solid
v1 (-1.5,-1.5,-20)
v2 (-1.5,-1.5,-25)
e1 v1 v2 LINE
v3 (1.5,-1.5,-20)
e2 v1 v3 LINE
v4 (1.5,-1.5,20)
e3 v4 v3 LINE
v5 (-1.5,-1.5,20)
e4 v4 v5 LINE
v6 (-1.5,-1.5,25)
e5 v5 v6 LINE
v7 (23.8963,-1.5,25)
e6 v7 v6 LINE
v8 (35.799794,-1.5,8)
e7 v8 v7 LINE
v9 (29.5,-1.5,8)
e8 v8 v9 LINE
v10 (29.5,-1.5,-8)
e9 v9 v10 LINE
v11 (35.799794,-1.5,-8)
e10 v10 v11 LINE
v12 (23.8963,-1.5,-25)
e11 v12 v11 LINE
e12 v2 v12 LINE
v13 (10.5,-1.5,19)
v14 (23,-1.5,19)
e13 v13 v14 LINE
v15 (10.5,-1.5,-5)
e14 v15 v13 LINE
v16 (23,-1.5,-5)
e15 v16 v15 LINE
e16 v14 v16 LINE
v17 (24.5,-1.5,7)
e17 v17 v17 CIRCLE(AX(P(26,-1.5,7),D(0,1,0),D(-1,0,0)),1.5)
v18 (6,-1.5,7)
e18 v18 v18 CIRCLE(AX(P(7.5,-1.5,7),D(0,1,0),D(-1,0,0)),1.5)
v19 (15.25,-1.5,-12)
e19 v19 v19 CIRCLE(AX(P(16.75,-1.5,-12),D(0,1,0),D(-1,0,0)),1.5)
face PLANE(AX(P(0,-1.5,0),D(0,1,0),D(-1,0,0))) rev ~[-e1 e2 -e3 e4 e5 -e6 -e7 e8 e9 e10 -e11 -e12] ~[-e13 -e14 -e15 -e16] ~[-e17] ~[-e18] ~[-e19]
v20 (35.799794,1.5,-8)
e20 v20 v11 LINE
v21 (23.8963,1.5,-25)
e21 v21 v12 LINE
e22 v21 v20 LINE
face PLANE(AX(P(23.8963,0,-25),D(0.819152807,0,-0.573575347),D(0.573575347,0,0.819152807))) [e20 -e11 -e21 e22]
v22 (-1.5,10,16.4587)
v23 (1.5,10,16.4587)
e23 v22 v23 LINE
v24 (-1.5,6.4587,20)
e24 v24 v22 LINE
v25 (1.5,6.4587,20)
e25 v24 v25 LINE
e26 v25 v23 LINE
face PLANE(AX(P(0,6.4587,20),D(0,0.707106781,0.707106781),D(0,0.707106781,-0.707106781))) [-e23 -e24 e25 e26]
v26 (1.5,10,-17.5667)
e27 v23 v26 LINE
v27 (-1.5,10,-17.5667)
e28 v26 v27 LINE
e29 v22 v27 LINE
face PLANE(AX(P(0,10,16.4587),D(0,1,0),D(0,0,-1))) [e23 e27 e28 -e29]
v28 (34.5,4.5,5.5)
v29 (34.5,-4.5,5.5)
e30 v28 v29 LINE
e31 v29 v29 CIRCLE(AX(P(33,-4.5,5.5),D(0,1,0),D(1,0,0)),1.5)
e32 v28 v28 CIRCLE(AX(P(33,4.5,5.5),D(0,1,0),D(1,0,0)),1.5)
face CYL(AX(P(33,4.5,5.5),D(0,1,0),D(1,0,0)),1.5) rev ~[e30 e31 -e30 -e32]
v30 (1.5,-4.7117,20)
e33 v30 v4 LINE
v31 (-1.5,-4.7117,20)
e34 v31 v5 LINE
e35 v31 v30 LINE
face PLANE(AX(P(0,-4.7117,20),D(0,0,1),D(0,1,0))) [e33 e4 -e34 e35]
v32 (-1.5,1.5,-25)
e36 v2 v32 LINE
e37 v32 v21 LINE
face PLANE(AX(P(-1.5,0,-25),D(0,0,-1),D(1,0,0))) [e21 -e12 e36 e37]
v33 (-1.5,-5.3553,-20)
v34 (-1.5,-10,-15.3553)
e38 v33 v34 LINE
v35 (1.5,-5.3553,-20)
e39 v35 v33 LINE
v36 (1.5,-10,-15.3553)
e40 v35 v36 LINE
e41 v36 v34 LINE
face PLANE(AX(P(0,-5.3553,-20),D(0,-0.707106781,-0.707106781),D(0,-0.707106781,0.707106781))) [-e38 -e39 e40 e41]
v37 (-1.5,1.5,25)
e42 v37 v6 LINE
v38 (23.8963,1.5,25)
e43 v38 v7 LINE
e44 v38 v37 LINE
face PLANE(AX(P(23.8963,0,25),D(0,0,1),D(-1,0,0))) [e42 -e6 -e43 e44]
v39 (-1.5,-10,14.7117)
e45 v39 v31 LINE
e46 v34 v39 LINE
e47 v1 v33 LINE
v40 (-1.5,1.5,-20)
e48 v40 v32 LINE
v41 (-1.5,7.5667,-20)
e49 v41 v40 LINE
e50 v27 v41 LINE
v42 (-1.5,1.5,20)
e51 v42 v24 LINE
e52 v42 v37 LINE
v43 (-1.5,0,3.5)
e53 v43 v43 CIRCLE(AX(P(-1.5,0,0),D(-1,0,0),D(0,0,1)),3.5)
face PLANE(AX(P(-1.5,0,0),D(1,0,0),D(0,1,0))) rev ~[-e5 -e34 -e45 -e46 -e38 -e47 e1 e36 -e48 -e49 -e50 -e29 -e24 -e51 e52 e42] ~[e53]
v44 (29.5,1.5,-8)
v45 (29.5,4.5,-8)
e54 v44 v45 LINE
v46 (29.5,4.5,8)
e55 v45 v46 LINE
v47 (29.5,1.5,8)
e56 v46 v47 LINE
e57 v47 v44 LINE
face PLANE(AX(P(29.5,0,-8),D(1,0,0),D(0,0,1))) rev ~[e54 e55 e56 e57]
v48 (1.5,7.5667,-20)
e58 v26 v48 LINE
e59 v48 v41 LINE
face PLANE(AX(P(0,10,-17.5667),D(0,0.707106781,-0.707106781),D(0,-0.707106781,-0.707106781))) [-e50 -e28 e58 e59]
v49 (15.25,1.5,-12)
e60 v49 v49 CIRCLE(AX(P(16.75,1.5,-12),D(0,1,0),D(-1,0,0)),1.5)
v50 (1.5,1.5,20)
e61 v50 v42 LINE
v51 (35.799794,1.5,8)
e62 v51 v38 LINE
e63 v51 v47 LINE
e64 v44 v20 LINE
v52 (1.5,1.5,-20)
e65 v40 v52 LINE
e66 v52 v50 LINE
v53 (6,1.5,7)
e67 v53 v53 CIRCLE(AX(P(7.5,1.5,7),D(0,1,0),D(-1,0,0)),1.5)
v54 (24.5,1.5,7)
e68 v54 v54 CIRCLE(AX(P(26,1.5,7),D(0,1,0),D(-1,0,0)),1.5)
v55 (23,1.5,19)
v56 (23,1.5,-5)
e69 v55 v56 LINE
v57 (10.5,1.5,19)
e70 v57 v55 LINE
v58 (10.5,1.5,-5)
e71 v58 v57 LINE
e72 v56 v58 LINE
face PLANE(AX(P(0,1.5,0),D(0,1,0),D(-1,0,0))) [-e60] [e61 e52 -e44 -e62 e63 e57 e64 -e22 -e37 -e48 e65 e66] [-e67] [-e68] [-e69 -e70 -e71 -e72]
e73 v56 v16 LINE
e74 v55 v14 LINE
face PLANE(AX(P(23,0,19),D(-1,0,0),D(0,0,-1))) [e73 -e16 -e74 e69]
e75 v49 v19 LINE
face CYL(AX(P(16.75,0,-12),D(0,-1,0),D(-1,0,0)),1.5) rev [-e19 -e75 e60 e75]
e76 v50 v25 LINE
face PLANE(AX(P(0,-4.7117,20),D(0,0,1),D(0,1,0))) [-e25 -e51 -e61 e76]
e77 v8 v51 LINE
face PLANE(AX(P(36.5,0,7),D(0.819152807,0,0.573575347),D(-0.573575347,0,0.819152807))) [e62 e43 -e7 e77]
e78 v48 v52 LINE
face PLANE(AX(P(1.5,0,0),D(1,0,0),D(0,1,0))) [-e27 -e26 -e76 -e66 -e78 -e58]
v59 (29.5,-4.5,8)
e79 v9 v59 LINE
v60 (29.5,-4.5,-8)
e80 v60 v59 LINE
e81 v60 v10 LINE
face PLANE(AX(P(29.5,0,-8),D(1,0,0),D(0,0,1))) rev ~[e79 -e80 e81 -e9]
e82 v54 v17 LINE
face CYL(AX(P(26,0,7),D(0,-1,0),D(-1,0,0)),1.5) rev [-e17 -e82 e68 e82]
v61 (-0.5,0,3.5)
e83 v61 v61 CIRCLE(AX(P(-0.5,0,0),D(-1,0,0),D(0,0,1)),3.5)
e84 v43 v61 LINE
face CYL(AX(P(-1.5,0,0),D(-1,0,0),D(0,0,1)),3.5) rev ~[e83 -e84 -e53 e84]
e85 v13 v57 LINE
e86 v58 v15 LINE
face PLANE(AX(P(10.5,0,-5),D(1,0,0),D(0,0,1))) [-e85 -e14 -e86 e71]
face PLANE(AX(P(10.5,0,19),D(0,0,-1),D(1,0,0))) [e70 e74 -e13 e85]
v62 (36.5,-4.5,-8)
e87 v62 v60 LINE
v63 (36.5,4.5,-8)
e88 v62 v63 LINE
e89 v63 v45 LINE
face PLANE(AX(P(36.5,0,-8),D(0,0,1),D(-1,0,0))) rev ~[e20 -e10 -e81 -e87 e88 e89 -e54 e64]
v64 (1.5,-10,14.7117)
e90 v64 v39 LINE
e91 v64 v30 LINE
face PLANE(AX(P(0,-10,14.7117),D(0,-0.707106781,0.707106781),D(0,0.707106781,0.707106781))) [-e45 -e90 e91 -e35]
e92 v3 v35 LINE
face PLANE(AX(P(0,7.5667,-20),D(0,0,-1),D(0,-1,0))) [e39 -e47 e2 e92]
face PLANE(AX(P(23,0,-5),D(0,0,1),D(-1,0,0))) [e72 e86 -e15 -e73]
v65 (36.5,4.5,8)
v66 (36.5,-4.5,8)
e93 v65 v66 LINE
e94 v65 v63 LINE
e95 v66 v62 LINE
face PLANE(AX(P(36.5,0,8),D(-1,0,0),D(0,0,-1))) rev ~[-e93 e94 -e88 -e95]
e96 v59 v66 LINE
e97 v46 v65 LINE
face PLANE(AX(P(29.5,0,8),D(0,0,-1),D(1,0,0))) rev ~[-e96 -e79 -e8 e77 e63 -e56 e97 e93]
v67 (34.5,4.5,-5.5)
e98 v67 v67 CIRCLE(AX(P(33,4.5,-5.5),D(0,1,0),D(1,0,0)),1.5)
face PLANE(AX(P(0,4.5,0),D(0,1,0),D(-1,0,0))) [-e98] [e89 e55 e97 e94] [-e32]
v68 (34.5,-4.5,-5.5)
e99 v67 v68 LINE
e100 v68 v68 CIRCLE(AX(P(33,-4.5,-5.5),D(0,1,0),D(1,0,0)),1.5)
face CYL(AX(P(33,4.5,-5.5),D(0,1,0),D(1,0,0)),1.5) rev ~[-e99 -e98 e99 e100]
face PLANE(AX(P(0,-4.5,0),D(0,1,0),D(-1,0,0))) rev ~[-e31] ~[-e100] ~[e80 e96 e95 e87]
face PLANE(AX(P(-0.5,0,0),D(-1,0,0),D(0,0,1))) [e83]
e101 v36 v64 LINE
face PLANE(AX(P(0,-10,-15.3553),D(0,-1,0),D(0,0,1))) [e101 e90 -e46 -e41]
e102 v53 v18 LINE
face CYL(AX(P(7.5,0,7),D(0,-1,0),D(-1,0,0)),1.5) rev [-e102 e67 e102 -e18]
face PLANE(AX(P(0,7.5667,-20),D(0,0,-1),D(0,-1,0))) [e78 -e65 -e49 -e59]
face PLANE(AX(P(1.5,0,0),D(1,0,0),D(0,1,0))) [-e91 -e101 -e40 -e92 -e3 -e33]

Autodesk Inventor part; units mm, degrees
ref_plane "YZ Plane" through (0, 0, 0) normal (1, 0, 0) x (0, 1, 0)
ref_plane "XZ Plane" through (0, 0, 0) normal (0, 1, 0) x (-1, 0, 0)
ref_plane "XY Plane" through (0, 0, 0) normal (0, 0, 1) x (1, 0, 0)
sketch "Boceto1" plane through (0, 0, 0) normal (1, 0, 0) x (0, 1, 0)
  line L0 (10, 16.4587) -> (10, -17.5667)
  line L1 (10, -17.5667) -> (7.5667, -20)
  line L2 (7.5667, -20) -> (-5.3553, -20)
  line L3 (-5.3553, -20) -> (-10, -15.3553)
  line L4 (-10, -15.3553) -> (-10, 14.7117)
  line L5 (-10, 14.7117) -> (-4.7117, 20)
  line L6 (-4.7117, 20) -> (6.4587, 20)
  line L7 (6.4587, 20) -> (10, 16.4587)
  line L8 (0, 0) -> (31.525, 0) construction
  line L9 (0, 0) -> (0, -54.6434) construction
  dimension "d0" = 135
  dimension "d2" = 135
  dimension "d3" = 135
  dimension "d5" = 40
  dimension "d6" = 20
extrude "Extrusión1" add sketch "Boceto1" along normal mid plane 3
sketch "Boceto2" plane through (0, 0, 0) normal (0, 1, 0) x (-1, 0, 0)
  line L0 (0, 0) -> (-24, 0) construction
  line L1 (1.5, -25) -> (-23.8963, -25)
  line L2 (-23.8963, -25) -> (-36.5, -7)
  line L3 (-36.5, -7) -> (-36.5, 7)
  line L4 (-36.5, 7) -> (-23.8963, 25)
  line L5 (-23.8963, 25) -> (1.5, 25)
  line L6 (-1.5, 20) -> (1.5, 20) projected
  line L7 (-1.5, -15.3553) -> (-1.5, -20) projected
  line L8 (-1.5, 20) -> (-1.5, -20)
  line L9 (1.5, 20) -> (-1.5, 20)
  line L10 (1.5, -20) -> (1.5, -15.3553) projected
  line L11 (1.5, -20) -> (-1.5, -20) projected
  line L12 (1.5, -20) -> (-1.5, -20)
  line L13 (1.5, -20) -> (1.5, -25)
  line L14 (1.5, 20) -> (1.5, 25)
  line L15 (1.5, 16.4587) -> (1.5, -17.5667) projected
  line L16 (-10.5, 19) -> (-23, 19)
  line L17 (-23, 19) -> (-23, -5)
  line L18 (-23, -5) -> (-10.5, -5)
  line L19 (-10.5, -5) -> (-10.5, 19)
  line L20 (-10.5, 7) -> (-23, 7) construction
  circle A0 centre (-7.5, 7) radius 1.5
  circle A1 centre (-26, 7) radius 1.5
  circle A2 centre (-16.75, -12) radius 1.5
  line L21 (-16.75, -5) -> (-16.75, -34) construction
  dimension "d9" = 50
  dimension "d10" = 38
  dimension "d11" = 145
  dimension "d12" = 145
  dimension "d13" = 12.5
  dimension "d14" = 24
  dimension "d15" = 6
  dimension "d16" = 12
  dimension "d17" = 3
  dimension "d18" = 3
  dimension "d19" = 3
  dimension "d20" = 3
  dimension "d21" = 3
  dimension "d22" = 7
extrude "Extrusión2" add sketch "Boceto2" along normal mid plane 3
sketch "Boceto3" plane through (0, 0, 0) normal (0, 1, 0) x (-1, 0, 0)
  line L0 (-36.5, -8) -> (-29.5, -8)
  line L1 (-29.5, -8) -> (-29.5, 8)
  line L2 (-29.5, 8) -> (-36.5, 8)
  line L3 (-36.5, 8) -> (-36.5, -8)
  line L4 (0, 0) -> (-66, 0) construction
  point P0 (-33, -8)
  point P1 (-33, 8)
  dimension "d25" = 7
  dimension "d34" = 8
  dimension "d35" = 8
extrude "Extrusión3" add sketch "Boceto3" along normal mid plane 9
sketch "Boceto4" plane through (0, 4.5, 0) normal (0, 1, 0) x (1, 0, 0)
  circle A0 centre (33, 5.5) radius 1.5
  circle A1 centre (33, -5.5) radius 1.5
  line L0 (-1.5, 15.3553) -> (-1.5, -14.7117) projected
  line L1 (-1.5, 0) -> (97, 0) construction
  line L2 (97, 0) -> (96, 0)
  point P0 (0, 0)
  dimension "d28" = 3
  dimension "d29" = 3
  dimension "d30" = 11
  dimension "d31" = 5.5
extrude "Extrusión4" cut sketch "Boceto4" against normal up to surface (9 mm away)
sketch "Boceto5" plane through (-1.5, 0, 0) normal (-1, 0, 0) x (0, 0, 1)
  circle A0 centre (0, 0) radius 3.5
  dimension "d38" = 7
extrude "Extrusión5" cut sketch "Boceto5" against normal blind 1
equation "\"Radio_pliegue\" = Grosor"
equation "\"Anchura_desahogo_plegado\" = Grosor"
equation "\"Profundidad_desahogo_plegado\" = 0.5 * Grosor"
equation "\"Tamaño_destalonado\" = 4 * Grosor"
equation "\"Remanente_mínimo\" = 2 * Grosor"
equation "\"Radiodetransición\" = Radio_pliegue"
equation "\"Tamaño_de_radio_de_Jacobi\" = Radio_pliegue"
equation "\"TamañoSeparación\" = Grosor"
equation "\"Grosor\" = 0.5"
properties part number "Pinza_pieza1"
